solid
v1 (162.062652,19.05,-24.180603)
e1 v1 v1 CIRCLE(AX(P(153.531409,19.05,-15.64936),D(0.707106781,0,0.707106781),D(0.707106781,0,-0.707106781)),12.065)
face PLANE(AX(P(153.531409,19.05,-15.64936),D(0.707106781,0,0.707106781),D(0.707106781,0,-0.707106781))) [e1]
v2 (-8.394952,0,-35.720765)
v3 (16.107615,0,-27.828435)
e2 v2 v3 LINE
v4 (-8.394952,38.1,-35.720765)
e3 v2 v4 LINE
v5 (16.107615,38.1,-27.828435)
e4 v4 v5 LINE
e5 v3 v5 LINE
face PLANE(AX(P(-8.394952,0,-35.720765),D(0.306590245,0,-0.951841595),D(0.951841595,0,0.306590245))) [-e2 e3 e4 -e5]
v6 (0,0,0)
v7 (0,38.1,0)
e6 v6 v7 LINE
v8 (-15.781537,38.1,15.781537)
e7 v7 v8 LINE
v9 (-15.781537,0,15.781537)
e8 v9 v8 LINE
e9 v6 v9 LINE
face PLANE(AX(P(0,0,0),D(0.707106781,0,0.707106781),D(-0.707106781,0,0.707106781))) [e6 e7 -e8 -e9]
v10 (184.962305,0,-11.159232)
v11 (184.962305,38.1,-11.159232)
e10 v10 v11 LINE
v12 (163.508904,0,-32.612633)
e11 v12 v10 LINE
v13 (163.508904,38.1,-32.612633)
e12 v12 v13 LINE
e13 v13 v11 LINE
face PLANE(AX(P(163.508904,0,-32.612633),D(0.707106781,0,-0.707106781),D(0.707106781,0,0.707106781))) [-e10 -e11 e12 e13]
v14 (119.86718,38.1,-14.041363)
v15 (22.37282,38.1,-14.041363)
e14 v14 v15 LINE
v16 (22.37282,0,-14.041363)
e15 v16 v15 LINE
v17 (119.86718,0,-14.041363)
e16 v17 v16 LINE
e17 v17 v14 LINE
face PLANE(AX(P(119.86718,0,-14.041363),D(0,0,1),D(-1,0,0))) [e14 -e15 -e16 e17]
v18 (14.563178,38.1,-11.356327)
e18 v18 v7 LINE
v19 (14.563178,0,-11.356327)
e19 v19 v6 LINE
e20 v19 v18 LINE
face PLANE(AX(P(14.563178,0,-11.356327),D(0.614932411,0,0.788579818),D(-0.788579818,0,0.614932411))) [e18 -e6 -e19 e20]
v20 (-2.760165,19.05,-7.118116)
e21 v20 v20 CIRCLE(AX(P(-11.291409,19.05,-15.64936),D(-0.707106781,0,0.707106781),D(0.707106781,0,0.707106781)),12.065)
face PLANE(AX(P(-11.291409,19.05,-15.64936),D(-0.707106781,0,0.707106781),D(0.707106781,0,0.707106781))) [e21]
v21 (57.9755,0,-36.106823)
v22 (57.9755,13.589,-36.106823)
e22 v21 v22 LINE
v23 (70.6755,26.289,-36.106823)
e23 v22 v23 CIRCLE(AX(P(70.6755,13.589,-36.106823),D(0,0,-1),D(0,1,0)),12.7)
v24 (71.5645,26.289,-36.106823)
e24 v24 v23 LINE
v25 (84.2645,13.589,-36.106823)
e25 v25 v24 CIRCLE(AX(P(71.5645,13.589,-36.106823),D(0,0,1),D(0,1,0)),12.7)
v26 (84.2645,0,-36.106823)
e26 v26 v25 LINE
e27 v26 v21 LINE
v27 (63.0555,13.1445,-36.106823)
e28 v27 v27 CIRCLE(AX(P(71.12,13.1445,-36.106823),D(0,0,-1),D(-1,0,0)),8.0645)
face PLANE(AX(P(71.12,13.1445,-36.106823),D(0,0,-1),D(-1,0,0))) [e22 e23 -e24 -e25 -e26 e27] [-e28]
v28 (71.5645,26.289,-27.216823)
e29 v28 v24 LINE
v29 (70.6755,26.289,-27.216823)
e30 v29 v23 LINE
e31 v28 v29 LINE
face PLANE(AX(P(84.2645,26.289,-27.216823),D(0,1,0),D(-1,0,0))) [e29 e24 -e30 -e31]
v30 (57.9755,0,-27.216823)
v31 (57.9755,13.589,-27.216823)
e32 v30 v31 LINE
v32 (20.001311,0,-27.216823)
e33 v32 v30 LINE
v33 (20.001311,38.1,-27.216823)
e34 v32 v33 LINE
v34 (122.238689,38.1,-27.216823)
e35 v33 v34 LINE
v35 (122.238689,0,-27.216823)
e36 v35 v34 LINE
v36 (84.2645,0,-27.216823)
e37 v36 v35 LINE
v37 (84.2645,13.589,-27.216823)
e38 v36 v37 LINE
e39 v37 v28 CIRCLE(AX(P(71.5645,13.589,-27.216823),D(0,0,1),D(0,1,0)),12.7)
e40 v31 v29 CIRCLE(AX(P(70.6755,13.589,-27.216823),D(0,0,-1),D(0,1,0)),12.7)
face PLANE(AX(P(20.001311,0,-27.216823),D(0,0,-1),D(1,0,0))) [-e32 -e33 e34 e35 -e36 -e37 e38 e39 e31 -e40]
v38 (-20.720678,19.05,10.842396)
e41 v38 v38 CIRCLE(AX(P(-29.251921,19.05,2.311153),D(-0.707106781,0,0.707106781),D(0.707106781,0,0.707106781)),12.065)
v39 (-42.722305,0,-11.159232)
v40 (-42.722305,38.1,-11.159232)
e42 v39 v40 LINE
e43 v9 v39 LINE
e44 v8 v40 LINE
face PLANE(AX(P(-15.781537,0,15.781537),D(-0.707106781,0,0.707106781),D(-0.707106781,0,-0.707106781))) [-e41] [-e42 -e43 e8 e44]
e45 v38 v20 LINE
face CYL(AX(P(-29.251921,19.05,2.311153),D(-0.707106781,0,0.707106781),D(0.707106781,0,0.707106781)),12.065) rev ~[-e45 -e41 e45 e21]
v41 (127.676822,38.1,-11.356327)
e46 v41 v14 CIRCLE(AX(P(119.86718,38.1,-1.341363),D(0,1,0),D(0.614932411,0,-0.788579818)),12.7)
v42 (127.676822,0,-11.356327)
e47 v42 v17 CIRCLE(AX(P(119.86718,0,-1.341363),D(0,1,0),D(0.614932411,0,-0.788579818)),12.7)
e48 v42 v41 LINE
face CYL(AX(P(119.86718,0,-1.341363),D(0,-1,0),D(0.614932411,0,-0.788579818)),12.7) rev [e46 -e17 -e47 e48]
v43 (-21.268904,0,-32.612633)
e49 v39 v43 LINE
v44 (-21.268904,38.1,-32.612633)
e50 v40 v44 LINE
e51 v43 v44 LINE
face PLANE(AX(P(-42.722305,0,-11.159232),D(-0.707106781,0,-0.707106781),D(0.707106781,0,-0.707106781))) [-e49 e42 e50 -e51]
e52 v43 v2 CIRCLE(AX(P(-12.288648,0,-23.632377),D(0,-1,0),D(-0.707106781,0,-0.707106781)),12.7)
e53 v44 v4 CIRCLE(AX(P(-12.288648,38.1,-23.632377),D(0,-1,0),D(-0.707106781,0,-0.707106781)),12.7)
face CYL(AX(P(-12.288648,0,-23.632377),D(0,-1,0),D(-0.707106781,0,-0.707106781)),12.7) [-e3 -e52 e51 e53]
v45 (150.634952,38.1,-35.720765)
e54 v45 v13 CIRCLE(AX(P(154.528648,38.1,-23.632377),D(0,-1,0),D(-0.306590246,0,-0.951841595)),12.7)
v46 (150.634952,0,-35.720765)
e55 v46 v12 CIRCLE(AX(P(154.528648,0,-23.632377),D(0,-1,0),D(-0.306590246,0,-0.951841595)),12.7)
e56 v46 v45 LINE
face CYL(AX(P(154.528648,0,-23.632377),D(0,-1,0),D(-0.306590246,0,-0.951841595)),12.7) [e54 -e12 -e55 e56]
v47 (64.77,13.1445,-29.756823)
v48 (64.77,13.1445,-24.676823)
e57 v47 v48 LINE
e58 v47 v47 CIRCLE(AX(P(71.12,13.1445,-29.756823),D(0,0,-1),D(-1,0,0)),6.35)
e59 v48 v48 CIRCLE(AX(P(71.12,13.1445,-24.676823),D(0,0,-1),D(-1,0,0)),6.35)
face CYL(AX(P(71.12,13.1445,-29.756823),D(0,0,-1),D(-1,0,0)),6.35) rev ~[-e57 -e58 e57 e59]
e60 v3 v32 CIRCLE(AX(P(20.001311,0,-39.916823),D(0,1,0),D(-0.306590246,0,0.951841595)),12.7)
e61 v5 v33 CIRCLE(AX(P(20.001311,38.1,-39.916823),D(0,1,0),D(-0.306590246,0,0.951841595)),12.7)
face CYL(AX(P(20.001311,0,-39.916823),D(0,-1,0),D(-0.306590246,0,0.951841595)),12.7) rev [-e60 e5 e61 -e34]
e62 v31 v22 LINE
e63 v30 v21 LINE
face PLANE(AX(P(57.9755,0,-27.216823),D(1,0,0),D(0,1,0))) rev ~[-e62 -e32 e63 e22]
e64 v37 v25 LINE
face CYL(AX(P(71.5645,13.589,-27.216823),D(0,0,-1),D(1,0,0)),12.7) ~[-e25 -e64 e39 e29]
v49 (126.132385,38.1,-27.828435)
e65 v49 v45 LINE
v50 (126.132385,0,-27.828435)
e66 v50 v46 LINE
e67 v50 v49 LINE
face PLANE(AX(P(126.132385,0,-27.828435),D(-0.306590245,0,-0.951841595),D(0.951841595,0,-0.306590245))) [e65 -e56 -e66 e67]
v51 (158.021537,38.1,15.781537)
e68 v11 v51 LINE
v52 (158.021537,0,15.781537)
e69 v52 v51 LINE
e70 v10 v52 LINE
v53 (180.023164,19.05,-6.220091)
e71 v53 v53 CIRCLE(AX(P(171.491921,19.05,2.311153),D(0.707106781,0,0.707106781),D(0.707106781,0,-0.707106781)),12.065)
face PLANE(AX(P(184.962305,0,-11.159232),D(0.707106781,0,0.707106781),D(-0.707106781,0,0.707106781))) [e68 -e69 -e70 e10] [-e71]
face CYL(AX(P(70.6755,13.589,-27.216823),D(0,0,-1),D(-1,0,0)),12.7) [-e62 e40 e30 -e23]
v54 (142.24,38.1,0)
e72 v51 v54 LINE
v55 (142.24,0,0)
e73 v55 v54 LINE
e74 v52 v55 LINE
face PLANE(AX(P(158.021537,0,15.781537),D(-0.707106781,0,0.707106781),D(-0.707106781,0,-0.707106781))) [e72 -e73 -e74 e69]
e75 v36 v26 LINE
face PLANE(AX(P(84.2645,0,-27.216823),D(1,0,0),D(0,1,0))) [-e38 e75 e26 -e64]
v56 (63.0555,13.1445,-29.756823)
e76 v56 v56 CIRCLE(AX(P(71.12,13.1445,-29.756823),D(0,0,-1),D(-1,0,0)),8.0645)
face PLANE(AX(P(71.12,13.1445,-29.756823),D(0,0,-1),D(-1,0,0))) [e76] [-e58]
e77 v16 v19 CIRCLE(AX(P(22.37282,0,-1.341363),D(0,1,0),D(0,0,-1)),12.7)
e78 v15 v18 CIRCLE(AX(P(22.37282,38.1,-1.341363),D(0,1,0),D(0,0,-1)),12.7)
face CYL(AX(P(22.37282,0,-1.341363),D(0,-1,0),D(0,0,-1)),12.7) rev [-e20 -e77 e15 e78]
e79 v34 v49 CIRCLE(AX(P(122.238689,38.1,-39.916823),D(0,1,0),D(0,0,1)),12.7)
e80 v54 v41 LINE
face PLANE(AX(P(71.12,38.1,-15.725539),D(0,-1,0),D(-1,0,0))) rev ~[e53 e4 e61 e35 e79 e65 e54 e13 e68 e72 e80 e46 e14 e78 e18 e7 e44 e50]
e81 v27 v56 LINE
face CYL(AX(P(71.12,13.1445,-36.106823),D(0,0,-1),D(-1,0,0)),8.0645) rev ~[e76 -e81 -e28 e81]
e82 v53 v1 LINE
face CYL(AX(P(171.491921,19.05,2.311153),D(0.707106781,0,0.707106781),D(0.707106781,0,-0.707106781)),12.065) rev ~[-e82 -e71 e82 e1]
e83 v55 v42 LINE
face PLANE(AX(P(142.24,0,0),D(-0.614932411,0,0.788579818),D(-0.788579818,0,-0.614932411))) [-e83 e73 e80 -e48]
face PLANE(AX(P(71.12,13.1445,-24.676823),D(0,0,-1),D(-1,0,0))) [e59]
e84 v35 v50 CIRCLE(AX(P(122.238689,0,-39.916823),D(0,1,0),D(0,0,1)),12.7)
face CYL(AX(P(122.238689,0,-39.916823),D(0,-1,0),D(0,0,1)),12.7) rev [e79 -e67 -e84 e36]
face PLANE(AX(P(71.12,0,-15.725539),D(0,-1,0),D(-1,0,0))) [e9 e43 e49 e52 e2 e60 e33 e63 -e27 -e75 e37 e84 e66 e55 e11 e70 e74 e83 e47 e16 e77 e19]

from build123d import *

# Parameters (mm, degrees)
BOSS_EXTRUDE1_DEPTH = 38.1
SKETCH2_R           = 12.065
CUT_EXTRUDE1_DEPTH  = 25.4
SKETCH7_R           = 12.065
CUT_EXTRUDE2_DEPTH  = 25.4
SKETCH9_W           = 26.289
SKETCH9_H           = 26.289
BOSS_EXTRUDE3_DEPTH = 8.89
SKETCH10_R          = 8.0645
CUT_EXTRUDE3_DEPTH  = 6.35
SKETCH12_R          = 6.35
CUT_EXTRUDE5_DEPTH  = 5.08
FILLET1_R           = 12.7


with BuildPart() as part:
    # Sketch1 → Boss-Extrude1 (new body)
    with BuildSketch(Plane(origin=(0, 0, 0), x_dir=(1, 0, 0), z_dir=(0, 1, 0))):
        with BuildLine():
            Line((-8.394951703, 35.720764917), (16.107614613, 27.828435078))
            ThreePointArc((16.107614613, 27.828435078), (18.03059142, 27.370657964), (20.001310729, 27.216823331))
            Line((20.001310729, 27.216823331), (122.238689271, 27.216823331))
            ThreePointArc((122.238689271, 27.216823331), (124.20940858, 27.370657964), (126.132385387, 27.828435078))
            Line((126.132385387, 27.828435078), (150.634951703, 35.720764917))
            ThreePointArc((150.634951703, 35.720764917), (157.509150211, 35.977683688), (163.508903941, 32.612632786))
            Line((163.508903941, 32.612632786), (184.96230509, 11.159231637))
            Line((184.96230509, 11.159231637), (158.021536726, -15.781536726))
            Line((158.021536726, -15.781536726), (142.24, 0))
            Line((142.24, 0), (127.676821583, 11.356327171))
            ThreePointArc((127.676821583, 11.356327171), (123.996342172, 13.351360126), (119.867179962, 14.041363479))
            Line((119.867179962, 14.041363479), (22.372820038, 14.041363479))
            ThreePointArc((22.372820038, 14.041363479), (18.243657828, 13.351360126), (14.563178417, 11.356327171))
            Line((14.563178417, 11.356327171), (0, 0))
            Line((0, 0), (-15.781536726, -15.781536726))
            Line((-15.781536726, -15.781536726), (-42.72230509, 11.159231637))
            Line((-42.72230509, 11.159231637), (-21.268903941, 32.612632786))
            ThreePointArc((-21.268903941, 32.612632786), (-15.269150211, 35.977683688), (-8.394951703, 35.720764917))
        make_face()
    extrude(amount=BOSS_EXTRUDE1_DEPTH)

    # Sketch2 → Cut-Extrude1 (cut)
    with BuildSketch(Plane(origin=(-15.781536726, 0, 15.781536726), x_dir=(0.7071067811865477, 0, 0.7071067811865475), z_dir=(-0.7071067811865475, 0, 0.7071067811865477))):
        with Locations((-19.05, 19.05)):
            Circle(SKETCH2_R)
    extrude(amount=-CUT_EXTRUDE1_DEPTH, mode=Mode.SUBTRACT)

    # Sketch7 → Cut-Extrude2 (cut)
    with BuildSketch(Plane(origin=(86.901536726, 0, 86.901536726), x_dir=(0.7071067811865472, 0, -0.7071067811865478), z_dir=(0.7071067811865478, 0, 0.7071067811865472))):
        with Locations((119.628868556, 19.05)):
            Circle(SKETCH7_R)
    extrude(amount=-CUT_EXTRUDE2_DEPTH, mode=Mode.SUBTRACT)

    # Sketch9 → Boss-Extrude3 (add)
    with BuildSketch(Plane(origin=(0, 0, -27.216823331), x_dir=(-1, 0, 0), z_dir=(0, 0, -1))):
        with Locations((-71.12, 13.1445)):
            Rectangle(SKETCH9_W, SKETCH9_H)
    extrude(amount=BOSS_EXTRUDE3_DEPTH)

    # Sketch10 → Cut-Extrude3 (cut)
    with BuildSketch(Plane(origin=(0, 0, -36.106823331), x_dir=(-1, 0, 0), z_dir=(0, 0, -1))):
        with Locations((-71.12, 13.1445)):
            Circle(SKETCH10_R)
    extrude(amount=-CUT_EXTRUDE3_DEPTH, mode=Mode.SUBTRACT)

    # Sketch12 → Cut-Extrude5 (cut)
    with BuildSketch(Plane(origin=(0, 0, -29.756823331), x_dir=(-1, 0, 0), z_dir=(0, 0, -1))):
        with Locations((-71.12, 13.1445)):
            Circle(SKETCH12_R)
    extrude(amount=-CUT_EXTRUDE5_DEPTH, mode=Mode.SUBTRACT)

    # Fillet1
    fillet1_edges = [part.edges().sort_by_distance(p)[0] for p in [
        (57.9755, 26.289, -31.661823331),
        (84.2645, 26.289, -31.661823331),
    ]]
    fillet(fillet1_edges, radius=FILLET1_R)


solid = part.part
